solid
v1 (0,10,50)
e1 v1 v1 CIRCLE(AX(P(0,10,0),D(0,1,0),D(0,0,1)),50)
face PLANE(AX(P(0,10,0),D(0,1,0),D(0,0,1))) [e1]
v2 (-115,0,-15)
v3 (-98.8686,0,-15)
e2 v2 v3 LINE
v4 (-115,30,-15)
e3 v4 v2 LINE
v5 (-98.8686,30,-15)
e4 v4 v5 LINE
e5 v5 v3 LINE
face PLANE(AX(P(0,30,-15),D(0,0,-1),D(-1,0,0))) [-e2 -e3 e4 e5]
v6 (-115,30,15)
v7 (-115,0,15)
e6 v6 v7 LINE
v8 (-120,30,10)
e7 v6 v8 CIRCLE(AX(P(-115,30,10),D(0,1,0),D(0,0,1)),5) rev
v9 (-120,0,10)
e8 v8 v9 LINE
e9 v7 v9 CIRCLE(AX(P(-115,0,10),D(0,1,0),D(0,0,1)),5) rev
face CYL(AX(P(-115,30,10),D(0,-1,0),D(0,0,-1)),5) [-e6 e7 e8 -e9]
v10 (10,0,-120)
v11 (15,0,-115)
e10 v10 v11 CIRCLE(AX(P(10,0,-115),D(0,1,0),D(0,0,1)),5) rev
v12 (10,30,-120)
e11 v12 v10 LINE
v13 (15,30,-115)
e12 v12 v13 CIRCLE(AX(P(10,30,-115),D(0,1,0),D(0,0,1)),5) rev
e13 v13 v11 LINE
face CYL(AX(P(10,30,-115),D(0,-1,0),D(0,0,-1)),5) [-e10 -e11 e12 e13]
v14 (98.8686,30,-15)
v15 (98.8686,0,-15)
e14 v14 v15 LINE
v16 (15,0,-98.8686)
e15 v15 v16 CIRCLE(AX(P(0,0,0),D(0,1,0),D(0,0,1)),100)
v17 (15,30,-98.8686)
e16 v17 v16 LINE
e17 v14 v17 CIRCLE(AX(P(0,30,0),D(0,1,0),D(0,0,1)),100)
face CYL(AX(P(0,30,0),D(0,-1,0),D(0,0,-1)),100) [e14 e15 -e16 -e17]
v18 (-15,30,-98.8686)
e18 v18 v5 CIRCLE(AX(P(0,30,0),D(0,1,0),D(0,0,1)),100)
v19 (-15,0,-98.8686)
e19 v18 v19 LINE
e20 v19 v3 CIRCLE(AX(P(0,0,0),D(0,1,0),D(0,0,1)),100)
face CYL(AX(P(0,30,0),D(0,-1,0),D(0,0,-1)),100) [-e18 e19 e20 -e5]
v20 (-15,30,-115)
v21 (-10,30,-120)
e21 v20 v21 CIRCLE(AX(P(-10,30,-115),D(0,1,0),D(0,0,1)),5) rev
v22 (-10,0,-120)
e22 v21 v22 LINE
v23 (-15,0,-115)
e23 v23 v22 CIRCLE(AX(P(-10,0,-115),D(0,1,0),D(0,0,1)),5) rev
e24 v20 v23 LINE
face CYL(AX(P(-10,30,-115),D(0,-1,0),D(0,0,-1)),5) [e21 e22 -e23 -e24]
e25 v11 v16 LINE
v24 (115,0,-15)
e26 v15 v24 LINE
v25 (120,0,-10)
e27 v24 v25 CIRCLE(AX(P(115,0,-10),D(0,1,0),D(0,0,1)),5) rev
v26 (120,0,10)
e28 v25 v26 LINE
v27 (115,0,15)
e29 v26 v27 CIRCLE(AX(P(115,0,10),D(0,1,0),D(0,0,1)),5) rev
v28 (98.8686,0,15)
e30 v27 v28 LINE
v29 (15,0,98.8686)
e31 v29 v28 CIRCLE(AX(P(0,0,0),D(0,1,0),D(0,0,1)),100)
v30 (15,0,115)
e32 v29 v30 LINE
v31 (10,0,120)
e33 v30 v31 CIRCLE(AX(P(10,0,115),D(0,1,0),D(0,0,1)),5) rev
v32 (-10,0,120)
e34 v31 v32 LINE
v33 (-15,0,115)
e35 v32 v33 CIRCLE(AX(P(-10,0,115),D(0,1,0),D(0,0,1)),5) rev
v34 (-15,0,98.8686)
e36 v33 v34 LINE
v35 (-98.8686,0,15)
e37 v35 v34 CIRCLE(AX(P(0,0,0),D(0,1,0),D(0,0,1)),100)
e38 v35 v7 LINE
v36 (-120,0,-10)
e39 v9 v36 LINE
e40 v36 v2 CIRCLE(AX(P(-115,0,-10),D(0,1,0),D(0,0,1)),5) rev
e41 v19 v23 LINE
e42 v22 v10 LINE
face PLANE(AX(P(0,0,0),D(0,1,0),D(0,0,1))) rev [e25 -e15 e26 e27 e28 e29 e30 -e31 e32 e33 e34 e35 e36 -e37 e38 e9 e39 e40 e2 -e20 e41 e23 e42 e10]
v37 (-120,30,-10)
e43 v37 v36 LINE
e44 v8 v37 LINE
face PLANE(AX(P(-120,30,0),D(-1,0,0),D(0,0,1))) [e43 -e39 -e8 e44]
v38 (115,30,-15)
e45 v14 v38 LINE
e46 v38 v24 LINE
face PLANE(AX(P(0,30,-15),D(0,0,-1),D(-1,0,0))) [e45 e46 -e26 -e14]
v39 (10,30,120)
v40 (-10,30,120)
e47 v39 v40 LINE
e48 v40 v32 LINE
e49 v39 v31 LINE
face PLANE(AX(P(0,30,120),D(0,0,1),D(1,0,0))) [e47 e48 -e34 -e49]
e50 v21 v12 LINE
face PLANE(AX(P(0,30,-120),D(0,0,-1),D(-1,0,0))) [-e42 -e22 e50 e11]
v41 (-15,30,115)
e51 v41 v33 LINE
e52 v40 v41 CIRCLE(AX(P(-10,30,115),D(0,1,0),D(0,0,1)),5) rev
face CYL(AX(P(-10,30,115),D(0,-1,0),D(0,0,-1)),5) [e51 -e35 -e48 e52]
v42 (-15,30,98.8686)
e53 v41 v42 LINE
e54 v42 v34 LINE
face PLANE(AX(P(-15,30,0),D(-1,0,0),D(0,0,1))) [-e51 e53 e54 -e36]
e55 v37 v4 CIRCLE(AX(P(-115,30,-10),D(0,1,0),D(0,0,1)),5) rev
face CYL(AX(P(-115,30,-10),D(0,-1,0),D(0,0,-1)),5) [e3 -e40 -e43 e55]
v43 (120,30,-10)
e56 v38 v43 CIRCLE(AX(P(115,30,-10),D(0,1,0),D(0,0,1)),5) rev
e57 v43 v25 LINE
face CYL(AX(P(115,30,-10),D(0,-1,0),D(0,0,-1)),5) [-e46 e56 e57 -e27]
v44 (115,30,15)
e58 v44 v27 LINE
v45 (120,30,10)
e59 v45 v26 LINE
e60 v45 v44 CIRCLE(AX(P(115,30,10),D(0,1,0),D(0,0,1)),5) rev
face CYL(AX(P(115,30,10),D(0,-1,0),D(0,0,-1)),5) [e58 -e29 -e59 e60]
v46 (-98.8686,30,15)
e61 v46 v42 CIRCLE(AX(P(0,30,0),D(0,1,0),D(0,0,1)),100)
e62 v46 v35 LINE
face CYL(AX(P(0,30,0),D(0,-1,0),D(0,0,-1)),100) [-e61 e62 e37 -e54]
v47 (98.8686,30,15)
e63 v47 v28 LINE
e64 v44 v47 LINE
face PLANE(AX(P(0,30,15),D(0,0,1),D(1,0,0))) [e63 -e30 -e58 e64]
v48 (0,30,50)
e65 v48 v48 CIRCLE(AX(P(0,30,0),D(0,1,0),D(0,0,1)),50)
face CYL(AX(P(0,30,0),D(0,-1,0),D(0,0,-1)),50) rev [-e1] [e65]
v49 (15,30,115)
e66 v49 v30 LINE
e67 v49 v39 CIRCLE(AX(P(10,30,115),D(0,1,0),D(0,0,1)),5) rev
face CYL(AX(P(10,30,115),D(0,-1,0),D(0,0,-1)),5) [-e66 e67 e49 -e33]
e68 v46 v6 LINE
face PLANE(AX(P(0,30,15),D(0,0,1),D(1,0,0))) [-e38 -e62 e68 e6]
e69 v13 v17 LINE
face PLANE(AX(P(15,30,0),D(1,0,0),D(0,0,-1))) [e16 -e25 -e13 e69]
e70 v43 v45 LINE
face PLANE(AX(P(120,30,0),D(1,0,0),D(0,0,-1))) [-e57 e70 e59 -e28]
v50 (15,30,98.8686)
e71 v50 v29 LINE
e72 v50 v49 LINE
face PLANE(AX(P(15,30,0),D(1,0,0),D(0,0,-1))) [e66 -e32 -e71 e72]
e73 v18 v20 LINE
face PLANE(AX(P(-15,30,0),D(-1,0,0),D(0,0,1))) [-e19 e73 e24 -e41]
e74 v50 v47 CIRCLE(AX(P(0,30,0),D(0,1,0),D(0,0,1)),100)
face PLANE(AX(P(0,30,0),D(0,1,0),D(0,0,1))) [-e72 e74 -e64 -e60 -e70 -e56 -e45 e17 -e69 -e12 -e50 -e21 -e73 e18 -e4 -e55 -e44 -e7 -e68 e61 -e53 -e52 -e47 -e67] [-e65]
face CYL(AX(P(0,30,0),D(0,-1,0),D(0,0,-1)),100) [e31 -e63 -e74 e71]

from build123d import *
from build123d.topology import SkipClean

# Parameters (mm, degrees)
SKETCH1_R           = 100
SKETCH1_R_2         = 50
BOSS_EXTRUDE3_DEPTH = 30
BOSS_EXTRUDE4_DEPTH = 10


with BuildPart() as part:
    # Sketch1 → Boss-Extrude3 (new body)
    # profile 1 of 16: a face of its own
    with SkipClean():  # the faces are left unmerged after this step: merging them gives an invalid solid
        with BuildSketch(Plane(origin=(0, 0, 0), x_dir=(1, 0, 0), z_dir=(0, 1, 0))):
            Circle(SKETCH1_R)
            with Locations(Location((0, 0, 0), (0, 0, 270))):
                Circle(SKETCH1_R_2, mode=Mode.SUBTRACT)
        # profile 2 of 16: a face of its own
        with BuildSketch(Plane(origin=(0, 0, 0), x_dir=(1, 0, 0), z_dir=(0, 1, 0))):
            with BuildLine():
                ThreePointArc((-15, 52.915026221), (0, 55), (15, 52.915026221))
                Line((15, 52.915026221), (15, 98.868599666))
                ThreePointArc((15, 98.868599666), (0, 100), (-15, 98.868599666))
                Line((-15, 98.868599666), (-15, 52.915026221))
            make_face()
        # profile 3 of 16: a face of its own
        with BuildSketch(Plane(origin=(0, 0, 0), x_dir=(1, 0, 0), z_dir=(0, 1, 0))):
            with BuildLine():
                ThreePointArc((-15, 47.696960071), (-7.587884964, 49.420886291), (0, 50))
                ThreePointArc((0, 50), (7.587884964, 49.420886291), (15, 47.696960071))
                Line((15, 47.696960071), (15, 52.915026221))
                ThreePointArc((15, 52.915026221), (0, 55), (-15, 52.915026221))
                Line((-15, 52.915026221), (-15, 47.696960071))
            make_face()
        # profile 4 of 16: a face of its own
        with BuildSketch(Plane(origin=(0, 0, 0), x_dir=(1, 0, 0), z_dir=(0, 1, 0))):
            with BuildLine():
                ThreePointArc((-15, 98.868599666), (0, 100), (15, 98.868599666))
                Line((15, 98.868599666), (15, 115))
                ThreePointArc((15, 115), (13.535533906, 118.535533906), (10, 120))
                Line((10, 120), (-10, 120))
                ThreePointArc((-10, 120), (-13.535533906, 118.535533906), (-15, 115))
                Line((-15, 115), (-15, 98.868599666))
            make_face()
        # profile 5 of 16: a face of its own
        with BuildSketch(Plane(origin=(0, 0, 0), x_dir=(1, 0, 0), z_dir=(0, 1, 0))):
            with BuildLine():
                ThreePointArc((-98.868599666, -15), (-100, 0), (-98.868599666, 15))
                Line((-98.868599666, 15), (-115, 15))
                ThreePointArc((-115, 15), (-118.535533906, 13.535533906), (-120, 10))
                Line((-120, 10), (-120, -10))
                ThreePointArc((-120, -10), (-118.535533906, -13.535533906), (-115, -15))
                Line((-115, -15), (-98.868599666, -15))
            make_face()
        # profile 6 of 16: a face of its own
        with BuildSketch(Plane(origin=(0, 0, 0), x_dir=(1, 0, 0), z_dir=(0, 1, 0))):
            with BuildLine():
                ThreePointArc((-52.915026221, -15), (-55, 0), (-52.915026221, 15))
                Line((-52.915026221, 15), (-98.868599666, 15))
                ThreePointArc((-98.868599666, 15), (-100, 0), (-98.868599666, -15))
                Line((-98.868599666, -15), (-52.915026221, -15))
            make_face()
        # profile 7 of 16: a face of its own
        with BuildSketch(Plane(origin=(0, 0, 0), x_dir=(1, 0, 0), z_dir=(0, 1, 0))):
            with BuildLine():
                ThreePointArc((-47.696960071, 15), (-35.355339059, 35.355339059), (-15, 47.696960071))
                Line((-15, 47.696960071), (-15, 52.915026221))
                Line((-15, 52.915026221), (-15, 98.868599666))
                ThreePointArc((-15, 98.868599666), (-70.710678119, 70.710678119), (-98.868599666, 15))
                Line((-98.868599666, 15), (-52.915026221, 15))
                Line((-52.915026221, 15), (-47.696960071, 15))
            make_face()
        # profile 8 of 16: a face of its own
        with BuildSketch(Plane(origin=(0, 0, 0), x_dir=(1, 0, 0), z_dir=(0, 1, 0))):
            with BuildLine():
                Line((-15, -52.915026221), (-15, -47.696960071))
                ThreePointArc((-15, -47.696960071), (-35.355339059, -35.355339059), (-47.696960071, -15))
                Line((-47.696960071, -15), (-52.915026221, -15))
                Line((-52.915026221, -15), (-98.868599666, -15))
                ThreePointArc((-98.868599666, -15), (-70.710678119, -70.710678119), (-15, -98.868599666))
                Line((-15, -98.868599666), (-15, -52.915026221))
            make_face()
        # profile 9 of 16: a face of its own
        with BuildSketch(Plane(origin=(0, 0, 0), x_dir=(1, 0, 0), z_dir=(0, 1, 0))):
            with BuildLine():
                ThreePointArc((15, -52.915026221), (0, -55), (-15, -52.915026221))
                Line((-15, -52.915026221), (-15, -98.868599666))
                ThreePointArc((-15, -98.868599666), (0, -100), (15, -98.868599666))
                Line((15, -98.868599666), (15, -52.915026221))
            make_face()
        # profile 10 of 16: a face of its own
        with BuildSketch(Plane(origin=(0, 0, 0), x_dir=(1, 0, 0), z_dir=(0, 1, 0))):
            with BuildLine():
                ThreePointArc((15, -98.868599666), (0, -100), (-15, -98.868599666))
                Line((-15, -98.868599666), (-15, -115))
                ThreePointArc((-15, -115), (-13.535533906, -118.535533906), (-10, -120))
                Line((-10, -120), (10, -120))
                ThreePointArc((10, -120), (13.535533906, -118.535533906), (15, -115))
                Line((15, -115), (15, -98.868599666))
            make_face()
        # profile 11 of 16: a face of its own
        with BuildSketch(Plane(origin=(0, 0, 0), x_dir=(1, 0, 0), z_dir=(0, 1, 0))):
            with BuildLine():
                ThreePointArc((47.696960071, -15), (35.355339059, -35.355339059), (15, -47.696960071))
                Line((15, -47.696960071), (15, -52.915026221))
                Line((15, -52.915026221), (15, -98.868599666))
                ThreePointArc((15, -98.868599666), (70.710678119, -70.710678119), (98.868599666, -15))
                Line((98.868599666, -15), (52.915026221, -15))
                Line((52.915026221, -15), (47.696960071, -15))
            make_face()
        # profile 12 of 16: a face of its own
        with BuildSketch(Plane(origin=(0, 0, 0), x_dir=(1, 0, 0), z_dir=(0, 1, 0))):
            with BuildLine():
                Line((98.868599666, 15), (52.915026221, 15))
                ThreePointArc((52.915026221, 15), (55, 0), (52.915026221, -15))
                Line((52.915026221, -15), (98.868599666, -15))
                ThreePointArc((98.868599666, -15), (99.71674876, -7.521304187), (100, 0))
                ThreePointArc((100, 0), (99.71674876, 7.521304187), (98.868599666, 15))
            make_face()
        # profile 13 of 16: a face of its own
        with BuildSketch(Plane(origin=(0, 0, 0), x_dir=(1, 0, 0), z_dir=(0, 1, 0))):
            with BuildLine():
                Line((115, 15), (98.868599666, 15))
                ThreePointArc((98.868599666, 15), (99.71674876, 7.521304187), (100, 0))
                ThreePointArc((100, 0), (99.71674876, -7.521304187), (98.868599666, -15))
                Line((98.868599666, -15), (115, -15))
                ThreePointArc((115, -15), (118.535533906, -13.535533906), (120, -10))
                Line((120, -10), (120, 10))
                ThreePointArc((120, 10), (118.535533906, 13.535533906), (115, 15))
            make_face()
        # profile 14 of 16: a face of its own
        with BuildSketch(Plane(origin=(0, 0, 0), x_dir=(1, 0, 0), z_dir=(0, 1, 0))):
            with BuildLine():
                Line((15, 52.915026221), (15, 47.696960071))
                ThreePointArc((15, 47.696960071), (35.355339059, 35.355339059), (47.696960071, 15))
                Line((47.696960071, 15), (52.915026221, 15))
                Line((52.915026221, 15), (98.868599666, 15))
                ThreePointArc((98.868599666, 15), (70.710678119, 70.710678119), (15, 98.868599666))
                Line((15, 98.868599666), (15, 52.915026221))
            make_face()
        # profile 15 of 16: a face of its own
        with BuildSketch(Plane(origin=(0, 0, 0), x_dir=(1, 0, 0), z_dir=(0, 1, 0))):
            with BuildLine():
                ThreePointArc((15, -47.696960071), (7.587884964, -49.420886291), (0, -50))
                ThreePointArc((0, -50), (-7.587884964, -49.420886291), (-15, -47.696960071))
                Line((-15, -47.696960071), (-15, -52.915026221))
                ThreePointArc((-15, -52.915026221), (0, -55), (15, -52.915026221))
                Line((15, -52.915026221), (15, -47.696960071))
            make_face()
        # profile 16 of 16: a face of its own
        with BuildSketch(Plane(origin=(0, 0, 0), x_dir=(1, 0, 0), z_dir=(0, 1, 0))):
            with BuildLine():
                Line((52.915026221, 15), (47.696960071, 15))
                ThreePointArc((47.696960071, 15), (49.420886291, 7.587884964), (50, 0))
                ThreePointArc((50, 0), (49.420886291, -7.587884964), (47.696960071, -15))
                Line((47.696960071, -15), (52.915026221, -15))
                ThreePointArc((52.915026221, -15), (55, 0), (52.915026221, 15))
            make_face()
        extrude(amount=BOSS_EXTRUDE3_DEPTH)

    # Sketch1<7> → Boss-Extrude4 (add)
    with SkipClean():  # the faces are left unmerged after this step: merging them gives an invalid solid
        with BuildSketch(Plane(origin=(0, 0, 0), x_dir=(1, 0, 0), z_dir=(0, 1, 0))):
            with BuildLine():
                ThreePointArc((15, 47.696960071), (7.587884964, 49.420886291), (0, 50))
                Line((0, 50), (0, -50))
                ThreePointArc((0, -50), (7.587884964, -49.420886291), (15, -47.696960071))
                ThreePointArc((15, -47.696960071), (35.355339059, -35.355339059), (47.696960071, -15))
                ThreePointArc((47.696960071, -15), (49.420886291, -7.587884964), (50, 0))
                ThreePointArc((50, 0), (49.420886291, 7.587884964), (47.696960071, 15))
                ThreePointArc((47.696960071, 15), (35.355339059, 35.355339059), (15, 47.696960071))
            make_face()
            with BuildLine():
                Line((0, -50), (0, 50))
                ThreePointArc((0, 50), (-7.587884964, 49.420886291), (-15, 47.696960071))
                ThreePointArc((-15, 47.696960071), (-35.355339059, 35.355339059), (-47.696960071, 15))
                ThreePointArc((-47.696960071, 15), (-50, 0), (-47.696960071, -15))
                ThreePointArc((-47.696960071, -15), (-35.355339059, -35.355339059), (-15, -47.696960071))
                ThreePointArc((-15, -47.696960071), (-7.587884964, -49.420886291), (0, -50))
            make_face()
        extrude(amount=BOSS_EXTRUDE4_DEPTH)


solid = part.part
